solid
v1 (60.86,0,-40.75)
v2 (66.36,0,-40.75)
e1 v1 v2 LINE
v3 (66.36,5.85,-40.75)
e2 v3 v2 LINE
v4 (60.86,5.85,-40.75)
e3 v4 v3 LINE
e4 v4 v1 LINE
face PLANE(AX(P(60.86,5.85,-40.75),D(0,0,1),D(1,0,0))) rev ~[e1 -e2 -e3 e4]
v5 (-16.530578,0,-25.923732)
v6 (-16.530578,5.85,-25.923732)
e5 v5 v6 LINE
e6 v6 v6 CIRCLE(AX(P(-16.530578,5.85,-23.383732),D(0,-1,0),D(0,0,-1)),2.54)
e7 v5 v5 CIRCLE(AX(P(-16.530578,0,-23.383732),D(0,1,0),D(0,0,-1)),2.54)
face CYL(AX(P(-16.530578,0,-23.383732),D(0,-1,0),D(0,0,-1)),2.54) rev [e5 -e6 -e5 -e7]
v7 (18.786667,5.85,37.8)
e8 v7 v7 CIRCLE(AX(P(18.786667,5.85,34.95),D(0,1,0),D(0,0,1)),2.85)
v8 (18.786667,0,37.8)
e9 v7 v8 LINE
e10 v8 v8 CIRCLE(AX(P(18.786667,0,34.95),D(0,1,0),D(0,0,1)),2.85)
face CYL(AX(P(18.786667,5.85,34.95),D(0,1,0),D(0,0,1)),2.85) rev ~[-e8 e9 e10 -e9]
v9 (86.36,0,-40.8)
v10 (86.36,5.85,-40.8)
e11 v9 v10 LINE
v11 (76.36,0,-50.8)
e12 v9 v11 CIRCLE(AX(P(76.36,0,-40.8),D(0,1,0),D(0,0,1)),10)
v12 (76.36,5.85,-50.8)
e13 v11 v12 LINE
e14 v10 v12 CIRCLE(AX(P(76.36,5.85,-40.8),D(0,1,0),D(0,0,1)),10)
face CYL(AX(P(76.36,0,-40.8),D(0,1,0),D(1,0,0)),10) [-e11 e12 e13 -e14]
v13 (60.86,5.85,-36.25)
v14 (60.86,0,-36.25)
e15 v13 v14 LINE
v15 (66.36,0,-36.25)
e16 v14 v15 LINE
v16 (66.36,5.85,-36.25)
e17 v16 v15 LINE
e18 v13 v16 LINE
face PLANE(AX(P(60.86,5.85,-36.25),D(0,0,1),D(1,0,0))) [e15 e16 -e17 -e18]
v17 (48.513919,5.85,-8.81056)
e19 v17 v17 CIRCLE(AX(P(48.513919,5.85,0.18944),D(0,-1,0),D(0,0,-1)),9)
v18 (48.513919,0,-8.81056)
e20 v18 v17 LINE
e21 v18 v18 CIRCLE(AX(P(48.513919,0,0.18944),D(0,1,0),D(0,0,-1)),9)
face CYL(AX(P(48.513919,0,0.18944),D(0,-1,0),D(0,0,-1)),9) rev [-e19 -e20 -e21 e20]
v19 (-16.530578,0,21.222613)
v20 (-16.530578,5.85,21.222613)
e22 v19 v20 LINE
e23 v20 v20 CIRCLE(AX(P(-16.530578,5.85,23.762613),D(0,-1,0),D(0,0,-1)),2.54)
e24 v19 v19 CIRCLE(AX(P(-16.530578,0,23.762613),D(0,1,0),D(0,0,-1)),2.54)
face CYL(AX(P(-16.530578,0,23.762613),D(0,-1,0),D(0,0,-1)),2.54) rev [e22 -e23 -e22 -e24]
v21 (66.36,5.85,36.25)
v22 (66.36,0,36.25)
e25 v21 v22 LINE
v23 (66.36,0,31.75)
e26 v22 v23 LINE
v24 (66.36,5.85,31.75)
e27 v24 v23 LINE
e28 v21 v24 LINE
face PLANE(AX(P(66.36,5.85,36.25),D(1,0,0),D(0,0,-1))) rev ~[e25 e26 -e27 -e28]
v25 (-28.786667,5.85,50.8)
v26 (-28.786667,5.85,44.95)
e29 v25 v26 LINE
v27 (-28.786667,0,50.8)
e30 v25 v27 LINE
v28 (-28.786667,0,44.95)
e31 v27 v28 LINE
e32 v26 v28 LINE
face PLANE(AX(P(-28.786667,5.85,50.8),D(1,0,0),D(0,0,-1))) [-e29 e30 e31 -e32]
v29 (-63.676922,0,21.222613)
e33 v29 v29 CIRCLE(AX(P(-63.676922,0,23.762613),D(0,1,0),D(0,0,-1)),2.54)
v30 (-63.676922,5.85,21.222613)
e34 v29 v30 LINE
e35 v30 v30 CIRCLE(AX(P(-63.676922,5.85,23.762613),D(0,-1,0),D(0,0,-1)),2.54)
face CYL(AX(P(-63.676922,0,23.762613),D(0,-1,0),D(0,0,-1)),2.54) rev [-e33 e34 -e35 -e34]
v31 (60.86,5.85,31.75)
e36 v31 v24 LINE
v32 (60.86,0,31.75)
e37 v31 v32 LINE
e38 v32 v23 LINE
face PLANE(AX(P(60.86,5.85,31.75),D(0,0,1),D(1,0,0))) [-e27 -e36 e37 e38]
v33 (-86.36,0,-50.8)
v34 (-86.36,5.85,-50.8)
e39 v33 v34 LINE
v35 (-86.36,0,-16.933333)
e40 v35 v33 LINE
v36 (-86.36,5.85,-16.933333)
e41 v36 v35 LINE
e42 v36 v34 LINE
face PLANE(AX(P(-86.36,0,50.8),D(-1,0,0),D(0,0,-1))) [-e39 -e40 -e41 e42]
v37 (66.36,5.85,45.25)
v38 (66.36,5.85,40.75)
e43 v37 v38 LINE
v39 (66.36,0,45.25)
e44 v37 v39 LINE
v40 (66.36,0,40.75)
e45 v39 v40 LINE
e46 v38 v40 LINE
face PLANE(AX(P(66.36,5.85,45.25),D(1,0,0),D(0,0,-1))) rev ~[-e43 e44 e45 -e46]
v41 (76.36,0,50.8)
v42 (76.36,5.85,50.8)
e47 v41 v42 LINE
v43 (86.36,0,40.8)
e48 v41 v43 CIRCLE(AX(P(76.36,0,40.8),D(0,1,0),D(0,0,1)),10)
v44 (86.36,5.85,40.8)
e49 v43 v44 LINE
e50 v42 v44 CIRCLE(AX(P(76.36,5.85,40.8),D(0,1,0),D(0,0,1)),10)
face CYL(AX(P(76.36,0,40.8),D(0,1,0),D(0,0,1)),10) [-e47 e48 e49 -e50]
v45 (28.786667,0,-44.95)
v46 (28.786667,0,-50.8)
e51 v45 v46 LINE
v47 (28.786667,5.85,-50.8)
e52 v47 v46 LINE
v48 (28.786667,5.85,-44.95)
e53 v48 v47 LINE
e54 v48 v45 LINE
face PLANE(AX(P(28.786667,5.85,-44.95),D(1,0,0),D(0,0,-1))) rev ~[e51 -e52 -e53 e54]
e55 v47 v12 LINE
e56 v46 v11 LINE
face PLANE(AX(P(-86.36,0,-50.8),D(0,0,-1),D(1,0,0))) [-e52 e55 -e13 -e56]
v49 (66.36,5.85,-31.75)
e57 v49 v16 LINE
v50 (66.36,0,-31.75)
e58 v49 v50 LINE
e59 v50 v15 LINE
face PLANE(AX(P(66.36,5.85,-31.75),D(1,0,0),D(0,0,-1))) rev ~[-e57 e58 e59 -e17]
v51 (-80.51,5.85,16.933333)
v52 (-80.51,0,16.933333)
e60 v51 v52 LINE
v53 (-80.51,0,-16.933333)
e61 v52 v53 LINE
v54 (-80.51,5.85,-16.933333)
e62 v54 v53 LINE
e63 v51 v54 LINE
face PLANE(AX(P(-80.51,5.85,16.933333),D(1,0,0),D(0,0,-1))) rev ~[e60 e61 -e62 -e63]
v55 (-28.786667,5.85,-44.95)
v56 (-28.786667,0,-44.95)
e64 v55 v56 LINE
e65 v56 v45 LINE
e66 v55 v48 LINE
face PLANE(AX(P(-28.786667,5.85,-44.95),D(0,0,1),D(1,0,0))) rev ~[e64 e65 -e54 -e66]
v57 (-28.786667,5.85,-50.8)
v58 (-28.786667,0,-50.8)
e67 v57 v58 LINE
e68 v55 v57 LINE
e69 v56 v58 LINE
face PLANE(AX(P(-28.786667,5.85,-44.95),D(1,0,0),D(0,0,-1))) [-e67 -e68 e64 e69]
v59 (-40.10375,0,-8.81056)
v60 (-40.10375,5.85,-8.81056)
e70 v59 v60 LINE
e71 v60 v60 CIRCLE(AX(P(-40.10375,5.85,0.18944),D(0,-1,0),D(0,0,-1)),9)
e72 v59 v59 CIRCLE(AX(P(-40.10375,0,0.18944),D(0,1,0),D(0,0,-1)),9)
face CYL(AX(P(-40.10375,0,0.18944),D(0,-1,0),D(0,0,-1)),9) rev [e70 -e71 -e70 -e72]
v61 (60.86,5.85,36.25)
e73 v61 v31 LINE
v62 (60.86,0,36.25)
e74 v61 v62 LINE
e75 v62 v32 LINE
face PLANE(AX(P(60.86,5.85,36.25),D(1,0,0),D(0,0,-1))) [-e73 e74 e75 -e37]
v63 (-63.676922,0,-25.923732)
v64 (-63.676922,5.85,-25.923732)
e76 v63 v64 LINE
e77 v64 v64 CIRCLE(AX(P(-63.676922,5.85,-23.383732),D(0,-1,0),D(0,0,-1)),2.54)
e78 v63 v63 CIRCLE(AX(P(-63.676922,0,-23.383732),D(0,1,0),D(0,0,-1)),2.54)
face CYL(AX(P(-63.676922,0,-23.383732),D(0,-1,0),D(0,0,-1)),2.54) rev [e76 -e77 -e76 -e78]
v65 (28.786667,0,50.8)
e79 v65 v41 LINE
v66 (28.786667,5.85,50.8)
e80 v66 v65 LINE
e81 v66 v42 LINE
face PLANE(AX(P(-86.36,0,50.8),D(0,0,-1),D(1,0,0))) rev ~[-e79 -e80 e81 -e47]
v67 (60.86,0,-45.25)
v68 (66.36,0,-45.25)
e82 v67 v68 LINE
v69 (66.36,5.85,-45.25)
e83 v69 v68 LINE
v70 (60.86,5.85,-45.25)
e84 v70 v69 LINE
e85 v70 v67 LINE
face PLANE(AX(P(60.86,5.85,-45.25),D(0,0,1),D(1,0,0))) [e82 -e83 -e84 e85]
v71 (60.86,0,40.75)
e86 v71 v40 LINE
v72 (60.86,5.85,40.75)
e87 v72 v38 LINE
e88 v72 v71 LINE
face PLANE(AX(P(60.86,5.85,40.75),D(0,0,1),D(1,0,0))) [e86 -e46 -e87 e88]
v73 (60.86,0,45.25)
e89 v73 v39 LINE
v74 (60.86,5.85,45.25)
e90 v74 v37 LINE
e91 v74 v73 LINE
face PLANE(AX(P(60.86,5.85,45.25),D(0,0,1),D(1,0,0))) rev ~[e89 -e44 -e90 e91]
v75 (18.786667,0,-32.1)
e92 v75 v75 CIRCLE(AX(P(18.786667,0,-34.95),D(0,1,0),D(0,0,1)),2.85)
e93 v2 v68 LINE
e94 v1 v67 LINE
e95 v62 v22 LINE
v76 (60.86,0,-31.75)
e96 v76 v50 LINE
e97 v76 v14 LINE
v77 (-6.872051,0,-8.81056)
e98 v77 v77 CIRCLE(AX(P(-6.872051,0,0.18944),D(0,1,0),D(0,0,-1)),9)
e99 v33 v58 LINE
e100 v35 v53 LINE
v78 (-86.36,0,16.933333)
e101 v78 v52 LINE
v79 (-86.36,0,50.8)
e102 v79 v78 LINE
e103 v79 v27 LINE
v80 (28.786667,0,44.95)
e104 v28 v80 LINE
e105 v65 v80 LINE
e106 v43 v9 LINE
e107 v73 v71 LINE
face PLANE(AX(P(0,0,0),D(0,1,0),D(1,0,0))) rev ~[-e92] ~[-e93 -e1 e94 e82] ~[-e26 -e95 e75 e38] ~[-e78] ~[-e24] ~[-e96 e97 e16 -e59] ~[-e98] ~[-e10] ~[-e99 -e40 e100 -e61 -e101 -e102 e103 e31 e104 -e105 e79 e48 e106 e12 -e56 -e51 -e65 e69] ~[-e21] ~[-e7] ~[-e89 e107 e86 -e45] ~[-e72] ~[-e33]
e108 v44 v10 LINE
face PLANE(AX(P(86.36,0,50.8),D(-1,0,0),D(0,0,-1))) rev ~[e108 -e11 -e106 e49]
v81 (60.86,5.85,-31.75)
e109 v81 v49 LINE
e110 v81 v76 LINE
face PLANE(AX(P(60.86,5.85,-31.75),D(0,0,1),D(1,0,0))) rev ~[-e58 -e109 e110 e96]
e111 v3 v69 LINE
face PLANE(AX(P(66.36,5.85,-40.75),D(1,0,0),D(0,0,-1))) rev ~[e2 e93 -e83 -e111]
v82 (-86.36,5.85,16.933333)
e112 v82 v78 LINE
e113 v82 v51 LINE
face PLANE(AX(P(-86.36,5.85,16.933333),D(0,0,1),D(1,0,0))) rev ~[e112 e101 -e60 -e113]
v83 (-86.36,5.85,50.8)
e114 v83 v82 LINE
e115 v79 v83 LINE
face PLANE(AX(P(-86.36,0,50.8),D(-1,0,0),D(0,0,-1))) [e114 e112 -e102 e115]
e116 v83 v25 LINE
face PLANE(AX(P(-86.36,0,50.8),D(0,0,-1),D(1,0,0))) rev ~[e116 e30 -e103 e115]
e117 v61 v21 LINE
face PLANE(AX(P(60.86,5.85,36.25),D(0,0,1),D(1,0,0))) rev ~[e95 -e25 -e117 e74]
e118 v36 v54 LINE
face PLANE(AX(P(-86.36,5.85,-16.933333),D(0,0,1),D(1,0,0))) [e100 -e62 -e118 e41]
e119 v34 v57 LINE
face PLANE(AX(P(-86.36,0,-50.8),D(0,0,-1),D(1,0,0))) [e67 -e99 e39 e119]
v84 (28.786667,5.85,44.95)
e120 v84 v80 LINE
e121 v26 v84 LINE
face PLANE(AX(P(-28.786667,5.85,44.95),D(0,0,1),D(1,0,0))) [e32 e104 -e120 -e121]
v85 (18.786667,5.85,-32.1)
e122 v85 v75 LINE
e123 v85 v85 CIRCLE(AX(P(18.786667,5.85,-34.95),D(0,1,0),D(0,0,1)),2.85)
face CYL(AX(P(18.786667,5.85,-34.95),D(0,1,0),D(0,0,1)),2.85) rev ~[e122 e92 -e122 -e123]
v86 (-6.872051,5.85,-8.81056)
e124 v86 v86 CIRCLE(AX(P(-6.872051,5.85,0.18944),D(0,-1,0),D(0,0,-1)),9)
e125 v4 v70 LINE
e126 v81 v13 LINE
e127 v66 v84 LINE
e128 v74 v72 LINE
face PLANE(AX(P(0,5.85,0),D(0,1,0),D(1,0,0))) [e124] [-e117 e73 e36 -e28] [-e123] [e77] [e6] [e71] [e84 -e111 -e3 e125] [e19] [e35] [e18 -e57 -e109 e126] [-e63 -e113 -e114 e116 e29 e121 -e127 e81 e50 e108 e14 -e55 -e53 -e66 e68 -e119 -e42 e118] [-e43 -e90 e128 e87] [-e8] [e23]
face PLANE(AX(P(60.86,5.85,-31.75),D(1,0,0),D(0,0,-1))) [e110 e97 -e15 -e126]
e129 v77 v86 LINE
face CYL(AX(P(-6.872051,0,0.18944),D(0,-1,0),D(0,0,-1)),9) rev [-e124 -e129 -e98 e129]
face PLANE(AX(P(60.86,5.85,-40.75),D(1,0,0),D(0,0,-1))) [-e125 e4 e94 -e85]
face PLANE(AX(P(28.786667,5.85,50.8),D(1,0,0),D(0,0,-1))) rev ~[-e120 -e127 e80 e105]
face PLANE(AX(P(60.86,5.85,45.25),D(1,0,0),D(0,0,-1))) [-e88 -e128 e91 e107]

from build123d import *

# Parameters (mm, degrees)
SKETCH1_W           = 172.72
SKETCH1_H           = 101.6
BOSS_EXTRUDE1_DEPTH = 5.85
SKETCH4_W           = 5.85
SKETCH4_H           = 33.866666666
SKETCH4_W_2         = 57.573333334
SKETCH4_H_2         = 5.85
SKETCH4_W_3         = 5.5
SKETCH4_H_3         = 4.5
CUT_EXTRUDE5_DEPTH  = 10
SKETCH5_R           = 9
SKETCH5_R_2         = 2.54
CUT_EXTRUDE10_DEPTH = 16
FILLET1_R           = 10
SKETCH6_R           = 2.85
CUT_EXTRUDE11_DEPTH = 10


with BuildPart() as part:
    # Sketch1 → Boss-Extrude1 (new body)
    with BuildSketch(Plane(origin=(0, 0, 0), x_dir=(1, 0, 0), z_dir=(0, 1, 0))):
        Rectangle(SKETCH1_W, SKETCH1_H)
    extrude(amount=BOSS_EXTRUDE1_DEPTH)

    # Sketch4 → Cut-Extrude5 (cut)
    with BuildSketch(Plane(origin=(0, 5.85, 0), x_dir=(1, 0, 0), z_dir=(0, 1, 0))):
        with Locations((-83.435, 0)):
            Rectangle(SKETCH4_W, SKETCH4_H)
        with Locations((0, -47.875)):
            Rectangle(SKETCH4_W_2, SKETCH4_H_2)
        with Locations((0, 47.875)):
            Rectangle(SKETCH4_W_2, SKETCH4_H_2)
        with Locations((63.61, 43)):
            Rectangle(SKETCH4_W_3, SKETCH4_H_3)
        with Locations((63.61, -43)):
            Rectangle(SKETCH4_W_3, SKETCH4_H_3)
        with Locations((63.61, -34)):
            Rectangle(SKETCH4_W_3, SKETCH4_H_3)
        with Locations((63.61, 34)):
            Rectangle(SKETCH4_W_3, SKETCH4_H_3)
    extrude(amount=-CUT_EXTRUDE5_DEPTH, mode=Mode.SUBTRACT)

    # Sketch5 → Cut-Extrude10 (cut)
    with BuildSketch(Plane(origin=(0, 0, 0), x_dir=(1, 0, 0), z_dir=(0, 1, 0))):
        with Locations((-6.8720506, -0.189440326)):
            Circle(SKETCH5_R)
        with Locations((-40.10375, -0.189440326)):
            Circle(SKETCH5_R)
        with Locations((-63.676922318, 23.383731992)):
            Circle(SKETCH5_R_2)
        with Locations((-16.530577682, 23.383731992)):
            Circle(SKETCH5_R_2)
        with Locations((-63.676922318, -23.762612643)):
            Circle(SKETCH5_R_2)
        with Locations((-16.530577682, -23.762612643)):
            Circle(SKETCH5_R_2)
        with Locations((48.5139194, -0.189440326)):
            Circle(SKETCH5_R)
    extrude(amount=CUT_EXTRUDE10_DEPTH, mode=Mode.SUBTRACT)

    # Fillet1
    fillet1_edges = [part.edges().sort_by_distance(p)[0] for p in [
        (86.36, 2.925, -50.8),
        (86.36, 2.925, 50.8),
    ]]
    fillet(fillet1_edges, radius=FILLET1_R)

    # Sketch6 → Cut-Extrude11 (cut)
    with BuildSketch(Plane(origin=(0, 5.85, 0), x_dir=(1, 0, 0), z_dir=(0, 1, 0))):
        with Locations((18.786666667, -34.95)):
            Circle(SKETCH6_R)
        with Locations((18.786666667, 34.95)):
            Circle(SKETCH6_R)
    extrude(amount=-CUT_EXTRUDE11_DEPTH, mode=Mode.SUBTRACT)


solid = part.part
